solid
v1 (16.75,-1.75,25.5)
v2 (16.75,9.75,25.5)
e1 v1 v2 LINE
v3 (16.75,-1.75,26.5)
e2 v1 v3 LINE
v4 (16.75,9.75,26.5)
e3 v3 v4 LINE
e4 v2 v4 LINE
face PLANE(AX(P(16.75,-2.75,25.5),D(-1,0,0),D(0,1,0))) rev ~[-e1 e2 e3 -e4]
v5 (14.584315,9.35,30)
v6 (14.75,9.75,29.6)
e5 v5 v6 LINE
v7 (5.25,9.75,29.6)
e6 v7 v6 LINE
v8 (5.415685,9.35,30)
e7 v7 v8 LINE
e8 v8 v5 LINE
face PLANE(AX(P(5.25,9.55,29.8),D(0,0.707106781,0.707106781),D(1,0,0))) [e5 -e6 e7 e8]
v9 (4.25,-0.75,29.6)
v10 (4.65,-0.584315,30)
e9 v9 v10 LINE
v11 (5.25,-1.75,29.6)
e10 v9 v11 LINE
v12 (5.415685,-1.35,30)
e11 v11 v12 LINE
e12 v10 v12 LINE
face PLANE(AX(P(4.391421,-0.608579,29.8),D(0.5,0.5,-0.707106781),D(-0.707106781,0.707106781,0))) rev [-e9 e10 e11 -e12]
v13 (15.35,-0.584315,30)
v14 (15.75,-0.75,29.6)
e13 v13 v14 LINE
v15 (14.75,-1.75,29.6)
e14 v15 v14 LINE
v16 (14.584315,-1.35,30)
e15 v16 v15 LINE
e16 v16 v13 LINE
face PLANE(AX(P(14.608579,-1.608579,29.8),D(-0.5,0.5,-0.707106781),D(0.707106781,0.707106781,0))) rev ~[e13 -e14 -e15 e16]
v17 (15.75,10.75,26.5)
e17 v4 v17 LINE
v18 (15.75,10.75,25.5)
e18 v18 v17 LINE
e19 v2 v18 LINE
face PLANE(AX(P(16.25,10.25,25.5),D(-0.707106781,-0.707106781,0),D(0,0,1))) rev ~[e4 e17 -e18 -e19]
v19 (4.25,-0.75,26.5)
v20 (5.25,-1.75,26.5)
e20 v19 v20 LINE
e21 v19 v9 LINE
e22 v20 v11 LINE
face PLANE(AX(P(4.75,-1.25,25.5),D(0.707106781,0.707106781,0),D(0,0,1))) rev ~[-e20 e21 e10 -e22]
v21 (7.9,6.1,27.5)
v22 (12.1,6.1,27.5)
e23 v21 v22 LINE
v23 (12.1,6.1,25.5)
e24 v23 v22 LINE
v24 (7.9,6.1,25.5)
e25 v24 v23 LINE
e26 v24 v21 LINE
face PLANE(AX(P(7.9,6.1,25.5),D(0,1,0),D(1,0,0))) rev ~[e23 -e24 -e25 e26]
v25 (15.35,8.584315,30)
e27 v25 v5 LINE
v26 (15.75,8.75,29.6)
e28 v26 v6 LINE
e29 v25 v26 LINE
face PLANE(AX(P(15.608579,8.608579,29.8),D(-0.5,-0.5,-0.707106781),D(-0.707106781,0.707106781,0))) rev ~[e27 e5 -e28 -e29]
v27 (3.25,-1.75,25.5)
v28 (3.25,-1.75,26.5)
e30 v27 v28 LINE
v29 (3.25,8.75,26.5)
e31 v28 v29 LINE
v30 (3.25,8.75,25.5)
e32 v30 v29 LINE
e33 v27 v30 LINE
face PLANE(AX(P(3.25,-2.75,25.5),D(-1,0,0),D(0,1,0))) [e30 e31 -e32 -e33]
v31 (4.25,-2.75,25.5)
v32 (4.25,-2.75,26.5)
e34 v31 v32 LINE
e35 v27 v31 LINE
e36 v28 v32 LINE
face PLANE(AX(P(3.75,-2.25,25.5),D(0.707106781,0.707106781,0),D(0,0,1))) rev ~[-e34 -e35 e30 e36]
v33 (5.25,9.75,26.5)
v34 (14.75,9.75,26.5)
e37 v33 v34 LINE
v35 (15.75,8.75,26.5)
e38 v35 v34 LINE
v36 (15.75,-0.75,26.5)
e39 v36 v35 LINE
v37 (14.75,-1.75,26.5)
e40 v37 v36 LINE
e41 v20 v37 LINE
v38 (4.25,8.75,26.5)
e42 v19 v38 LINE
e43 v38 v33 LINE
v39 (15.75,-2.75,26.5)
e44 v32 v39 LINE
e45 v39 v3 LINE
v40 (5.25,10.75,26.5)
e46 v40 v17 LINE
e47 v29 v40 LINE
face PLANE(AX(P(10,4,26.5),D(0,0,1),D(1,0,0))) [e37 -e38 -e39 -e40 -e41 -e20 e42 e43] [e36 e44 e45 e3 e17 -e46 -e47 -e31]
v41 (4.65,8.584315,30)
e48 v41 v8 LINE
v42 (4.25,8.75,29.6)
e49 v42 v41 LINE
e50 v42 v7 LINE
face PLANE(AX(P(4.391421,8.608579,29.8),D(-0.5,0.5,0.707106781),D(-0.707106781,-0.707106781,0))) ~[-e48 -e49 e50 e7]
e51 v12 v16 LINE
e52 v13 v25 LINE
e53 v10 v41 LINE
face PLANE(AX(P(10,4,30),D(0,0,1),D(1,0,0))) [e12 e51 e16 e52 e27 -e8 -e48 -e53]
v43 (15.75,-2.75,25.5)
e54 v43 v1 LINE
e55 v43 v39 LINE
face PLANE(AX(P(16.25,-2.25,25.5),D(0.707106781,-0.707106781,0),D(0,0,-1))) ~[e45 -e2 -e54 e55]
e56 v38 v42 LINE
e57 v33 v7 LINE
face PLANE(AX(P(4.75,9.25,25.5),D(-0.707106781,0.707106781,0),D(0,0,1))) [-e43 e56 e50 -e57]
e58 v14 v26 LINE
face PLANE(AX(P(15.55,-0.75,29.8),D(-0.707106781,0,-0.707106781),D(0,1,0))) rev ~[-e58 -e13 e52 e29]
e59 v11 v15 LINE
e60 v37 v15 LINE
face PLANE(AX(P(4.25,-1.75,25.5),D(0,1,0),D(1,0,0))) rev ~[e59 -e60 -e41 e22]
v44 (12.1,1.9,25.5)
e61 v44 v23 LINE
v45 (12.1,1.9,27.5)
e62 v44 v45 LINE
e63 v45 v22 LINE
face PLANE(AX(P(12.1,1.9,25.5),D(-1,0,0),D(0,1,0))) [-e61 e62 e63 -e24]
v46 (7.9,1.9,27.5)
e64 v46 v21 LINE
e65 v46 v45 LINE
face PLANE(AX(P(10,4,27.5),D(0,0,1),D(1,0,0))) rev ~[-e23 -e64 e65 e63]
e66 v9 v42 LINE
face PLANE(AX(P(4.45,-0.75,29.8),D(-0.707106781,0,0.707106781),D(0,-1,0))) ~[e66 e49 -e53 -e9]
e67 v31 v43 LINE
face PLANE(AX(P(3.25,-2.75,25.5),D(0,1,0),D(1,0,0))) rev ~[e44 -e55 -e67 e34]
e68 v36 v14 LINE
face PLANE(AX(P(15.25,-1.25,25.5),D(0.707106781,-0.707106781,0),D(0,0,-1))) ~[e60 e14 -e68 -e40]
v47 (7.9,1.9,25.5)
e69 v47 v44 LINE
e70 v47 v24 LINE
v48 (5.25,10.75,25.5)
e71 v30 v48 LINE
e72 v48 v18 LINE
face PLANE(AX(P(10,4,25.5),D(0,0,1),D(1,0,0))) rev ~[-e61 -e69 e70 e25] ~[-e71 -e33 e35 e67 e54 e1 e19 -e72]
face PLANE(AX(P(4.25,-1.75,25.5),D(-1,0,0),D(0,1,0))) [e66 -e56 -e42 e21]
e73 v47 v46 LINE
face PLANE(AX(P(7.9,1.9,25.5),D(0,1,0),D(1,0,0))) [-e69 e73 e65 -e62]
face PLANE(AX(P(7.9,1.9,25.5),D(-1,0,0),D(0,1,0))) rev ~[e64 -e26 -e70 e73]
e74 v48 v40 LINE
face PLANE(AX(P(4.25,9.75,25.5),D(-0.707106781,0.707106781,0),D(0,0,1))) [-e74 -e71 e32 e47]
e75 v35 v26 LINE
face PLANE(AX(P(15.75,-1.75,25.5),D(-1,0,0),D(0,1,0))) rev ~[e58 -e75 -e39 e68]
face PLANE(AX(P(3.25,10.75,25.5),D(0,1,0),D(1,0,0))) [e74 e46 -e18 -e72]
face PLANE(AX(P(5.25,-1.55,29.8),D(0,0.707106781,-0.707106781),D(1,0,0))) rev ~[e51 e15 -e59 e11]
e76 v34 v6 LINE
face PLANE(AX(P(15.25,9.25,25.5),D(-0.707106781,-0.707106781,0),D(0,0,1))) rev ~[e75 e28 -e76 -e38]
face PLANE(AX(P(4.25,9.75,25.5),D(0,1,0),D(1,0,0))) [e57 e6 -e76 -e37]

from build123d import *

# Parameters (mm, degrees)
BOX025_W           = 4.2
BOX025_H           = 4.2
BOX025_DEPTH       = 2
BOX024_W           = 13.5
BOX024_H           = 13.5
BOX024_DEPTH       = 1
CHAMFER011008_SIZE = 1
CHAMFER011009_SIZE = 2
BOX023_W           = 11.5
BOX023_H           = 11.5
BOX023_DEPTH       = 4.5
CHAMFER011010_SIZE = 1
CHAMFER011011_SIZE = 0.4


with BuildPart() as cube024:
    # Box025 → Box025 (new body)
    with BuildSketch(Plane(origin=(-2.1, -2.1, 0), x_dir=(1, 0, 0), z_dir=(0, 0, 1))):
        with Locations((2.1, 2.1)):
            Rectangle(BOX025_W, BOX025_H)
    extrude(amount=BOX025_DEPTH)


with BuildPart() as chamfer011009:
    # Box024 → Box024 (new body)
    with BuildSketch(Plane(origin=(-6.75, -6.75, 0), x_dir=(1, 0, 0), z_dir=(0, 0, 1))):
        with Locations((6.75, 6.75)):
            Rectangle(BOX024_W, BOX024_H)
    extrude(amount=BOX024_DEPTH)

    # Chamfer011008
    chamfer011008_edges = [chamfer011009.edges().sort_by_distance(p)[0] for p in [
        (-6.75, -6.75, 0.5),
        (6.75, -6.75, 0.5),
        (6.75, 6.75, 0.5),
    ]]
    chamfer(chamfer011008_edges, length=CHAMFER011008_SIZE)

    # Chamfer011009
    chamfer011009_edges = [chamfer011009.edges().sort_by_distance(p)[0] for p in [
        (-6.75, 6.75, 0.5),
    ]]
    chamfer(chamfer011009_edges, length=CHAMFER011009_SIZE)


with BuildPart() as button001:
    # Box023 → Box023 (new body)
    with BuildSketch(Plane(origin=(-5.75, -5.75, 0), x_dir=(1, 0, 0), z_dir=(0, 0, 1))):
        with Locations((5.75, 5.75)):
            Rectangle(BOX023_W, BOX023_H)
    extrude(amount=BOX023_DEPTH)

    # Chamfer011010
    chamfer011010_edges = [button001.edges().sort_by_distance(p)[0] for p in [
        (-5.75, -5.75, 2.25),
        (-5.75, 5.75, 2.25),
        (5.75, -5.75, 2.25),
        (5.75, 5.75, 2.25),
    ]]
    chamfer(chamfer011010_edges, length=CHAMFER011010_SIZE)

    # Chamfer011011
    chamfer011011_edges = [button001.edges().sort_by_distance(p)[0] for p in [
        (-5.75, 0, 4.5),
        (-5.25, -5.25, 4.5),
        (-5.25, 5.25, 4.5),
        (0, -5.75, 4.5),
        (0, 5.75, 4.5),
        (5.25, -5.25, 4.5),
        (5.25, 5.25, 4.5),
        (5.75, 0, 4.5),
    ]]
    chamfer(chamfer011011_edges, length=CHAMFER011011_SIZE)

    # Fusion011005: union Chamfer011009
    add(chamfer011009.part)

    # Cut025002002: cut Cube024
    add(cube024.part, mode=Mode.SUBTRACT)


with BuildPart() as button001_1:
    # Cut025002002 placement: moved
    add(button001.part.moved(Location((10, 4, 25.5))))


solid = button001_1.part
